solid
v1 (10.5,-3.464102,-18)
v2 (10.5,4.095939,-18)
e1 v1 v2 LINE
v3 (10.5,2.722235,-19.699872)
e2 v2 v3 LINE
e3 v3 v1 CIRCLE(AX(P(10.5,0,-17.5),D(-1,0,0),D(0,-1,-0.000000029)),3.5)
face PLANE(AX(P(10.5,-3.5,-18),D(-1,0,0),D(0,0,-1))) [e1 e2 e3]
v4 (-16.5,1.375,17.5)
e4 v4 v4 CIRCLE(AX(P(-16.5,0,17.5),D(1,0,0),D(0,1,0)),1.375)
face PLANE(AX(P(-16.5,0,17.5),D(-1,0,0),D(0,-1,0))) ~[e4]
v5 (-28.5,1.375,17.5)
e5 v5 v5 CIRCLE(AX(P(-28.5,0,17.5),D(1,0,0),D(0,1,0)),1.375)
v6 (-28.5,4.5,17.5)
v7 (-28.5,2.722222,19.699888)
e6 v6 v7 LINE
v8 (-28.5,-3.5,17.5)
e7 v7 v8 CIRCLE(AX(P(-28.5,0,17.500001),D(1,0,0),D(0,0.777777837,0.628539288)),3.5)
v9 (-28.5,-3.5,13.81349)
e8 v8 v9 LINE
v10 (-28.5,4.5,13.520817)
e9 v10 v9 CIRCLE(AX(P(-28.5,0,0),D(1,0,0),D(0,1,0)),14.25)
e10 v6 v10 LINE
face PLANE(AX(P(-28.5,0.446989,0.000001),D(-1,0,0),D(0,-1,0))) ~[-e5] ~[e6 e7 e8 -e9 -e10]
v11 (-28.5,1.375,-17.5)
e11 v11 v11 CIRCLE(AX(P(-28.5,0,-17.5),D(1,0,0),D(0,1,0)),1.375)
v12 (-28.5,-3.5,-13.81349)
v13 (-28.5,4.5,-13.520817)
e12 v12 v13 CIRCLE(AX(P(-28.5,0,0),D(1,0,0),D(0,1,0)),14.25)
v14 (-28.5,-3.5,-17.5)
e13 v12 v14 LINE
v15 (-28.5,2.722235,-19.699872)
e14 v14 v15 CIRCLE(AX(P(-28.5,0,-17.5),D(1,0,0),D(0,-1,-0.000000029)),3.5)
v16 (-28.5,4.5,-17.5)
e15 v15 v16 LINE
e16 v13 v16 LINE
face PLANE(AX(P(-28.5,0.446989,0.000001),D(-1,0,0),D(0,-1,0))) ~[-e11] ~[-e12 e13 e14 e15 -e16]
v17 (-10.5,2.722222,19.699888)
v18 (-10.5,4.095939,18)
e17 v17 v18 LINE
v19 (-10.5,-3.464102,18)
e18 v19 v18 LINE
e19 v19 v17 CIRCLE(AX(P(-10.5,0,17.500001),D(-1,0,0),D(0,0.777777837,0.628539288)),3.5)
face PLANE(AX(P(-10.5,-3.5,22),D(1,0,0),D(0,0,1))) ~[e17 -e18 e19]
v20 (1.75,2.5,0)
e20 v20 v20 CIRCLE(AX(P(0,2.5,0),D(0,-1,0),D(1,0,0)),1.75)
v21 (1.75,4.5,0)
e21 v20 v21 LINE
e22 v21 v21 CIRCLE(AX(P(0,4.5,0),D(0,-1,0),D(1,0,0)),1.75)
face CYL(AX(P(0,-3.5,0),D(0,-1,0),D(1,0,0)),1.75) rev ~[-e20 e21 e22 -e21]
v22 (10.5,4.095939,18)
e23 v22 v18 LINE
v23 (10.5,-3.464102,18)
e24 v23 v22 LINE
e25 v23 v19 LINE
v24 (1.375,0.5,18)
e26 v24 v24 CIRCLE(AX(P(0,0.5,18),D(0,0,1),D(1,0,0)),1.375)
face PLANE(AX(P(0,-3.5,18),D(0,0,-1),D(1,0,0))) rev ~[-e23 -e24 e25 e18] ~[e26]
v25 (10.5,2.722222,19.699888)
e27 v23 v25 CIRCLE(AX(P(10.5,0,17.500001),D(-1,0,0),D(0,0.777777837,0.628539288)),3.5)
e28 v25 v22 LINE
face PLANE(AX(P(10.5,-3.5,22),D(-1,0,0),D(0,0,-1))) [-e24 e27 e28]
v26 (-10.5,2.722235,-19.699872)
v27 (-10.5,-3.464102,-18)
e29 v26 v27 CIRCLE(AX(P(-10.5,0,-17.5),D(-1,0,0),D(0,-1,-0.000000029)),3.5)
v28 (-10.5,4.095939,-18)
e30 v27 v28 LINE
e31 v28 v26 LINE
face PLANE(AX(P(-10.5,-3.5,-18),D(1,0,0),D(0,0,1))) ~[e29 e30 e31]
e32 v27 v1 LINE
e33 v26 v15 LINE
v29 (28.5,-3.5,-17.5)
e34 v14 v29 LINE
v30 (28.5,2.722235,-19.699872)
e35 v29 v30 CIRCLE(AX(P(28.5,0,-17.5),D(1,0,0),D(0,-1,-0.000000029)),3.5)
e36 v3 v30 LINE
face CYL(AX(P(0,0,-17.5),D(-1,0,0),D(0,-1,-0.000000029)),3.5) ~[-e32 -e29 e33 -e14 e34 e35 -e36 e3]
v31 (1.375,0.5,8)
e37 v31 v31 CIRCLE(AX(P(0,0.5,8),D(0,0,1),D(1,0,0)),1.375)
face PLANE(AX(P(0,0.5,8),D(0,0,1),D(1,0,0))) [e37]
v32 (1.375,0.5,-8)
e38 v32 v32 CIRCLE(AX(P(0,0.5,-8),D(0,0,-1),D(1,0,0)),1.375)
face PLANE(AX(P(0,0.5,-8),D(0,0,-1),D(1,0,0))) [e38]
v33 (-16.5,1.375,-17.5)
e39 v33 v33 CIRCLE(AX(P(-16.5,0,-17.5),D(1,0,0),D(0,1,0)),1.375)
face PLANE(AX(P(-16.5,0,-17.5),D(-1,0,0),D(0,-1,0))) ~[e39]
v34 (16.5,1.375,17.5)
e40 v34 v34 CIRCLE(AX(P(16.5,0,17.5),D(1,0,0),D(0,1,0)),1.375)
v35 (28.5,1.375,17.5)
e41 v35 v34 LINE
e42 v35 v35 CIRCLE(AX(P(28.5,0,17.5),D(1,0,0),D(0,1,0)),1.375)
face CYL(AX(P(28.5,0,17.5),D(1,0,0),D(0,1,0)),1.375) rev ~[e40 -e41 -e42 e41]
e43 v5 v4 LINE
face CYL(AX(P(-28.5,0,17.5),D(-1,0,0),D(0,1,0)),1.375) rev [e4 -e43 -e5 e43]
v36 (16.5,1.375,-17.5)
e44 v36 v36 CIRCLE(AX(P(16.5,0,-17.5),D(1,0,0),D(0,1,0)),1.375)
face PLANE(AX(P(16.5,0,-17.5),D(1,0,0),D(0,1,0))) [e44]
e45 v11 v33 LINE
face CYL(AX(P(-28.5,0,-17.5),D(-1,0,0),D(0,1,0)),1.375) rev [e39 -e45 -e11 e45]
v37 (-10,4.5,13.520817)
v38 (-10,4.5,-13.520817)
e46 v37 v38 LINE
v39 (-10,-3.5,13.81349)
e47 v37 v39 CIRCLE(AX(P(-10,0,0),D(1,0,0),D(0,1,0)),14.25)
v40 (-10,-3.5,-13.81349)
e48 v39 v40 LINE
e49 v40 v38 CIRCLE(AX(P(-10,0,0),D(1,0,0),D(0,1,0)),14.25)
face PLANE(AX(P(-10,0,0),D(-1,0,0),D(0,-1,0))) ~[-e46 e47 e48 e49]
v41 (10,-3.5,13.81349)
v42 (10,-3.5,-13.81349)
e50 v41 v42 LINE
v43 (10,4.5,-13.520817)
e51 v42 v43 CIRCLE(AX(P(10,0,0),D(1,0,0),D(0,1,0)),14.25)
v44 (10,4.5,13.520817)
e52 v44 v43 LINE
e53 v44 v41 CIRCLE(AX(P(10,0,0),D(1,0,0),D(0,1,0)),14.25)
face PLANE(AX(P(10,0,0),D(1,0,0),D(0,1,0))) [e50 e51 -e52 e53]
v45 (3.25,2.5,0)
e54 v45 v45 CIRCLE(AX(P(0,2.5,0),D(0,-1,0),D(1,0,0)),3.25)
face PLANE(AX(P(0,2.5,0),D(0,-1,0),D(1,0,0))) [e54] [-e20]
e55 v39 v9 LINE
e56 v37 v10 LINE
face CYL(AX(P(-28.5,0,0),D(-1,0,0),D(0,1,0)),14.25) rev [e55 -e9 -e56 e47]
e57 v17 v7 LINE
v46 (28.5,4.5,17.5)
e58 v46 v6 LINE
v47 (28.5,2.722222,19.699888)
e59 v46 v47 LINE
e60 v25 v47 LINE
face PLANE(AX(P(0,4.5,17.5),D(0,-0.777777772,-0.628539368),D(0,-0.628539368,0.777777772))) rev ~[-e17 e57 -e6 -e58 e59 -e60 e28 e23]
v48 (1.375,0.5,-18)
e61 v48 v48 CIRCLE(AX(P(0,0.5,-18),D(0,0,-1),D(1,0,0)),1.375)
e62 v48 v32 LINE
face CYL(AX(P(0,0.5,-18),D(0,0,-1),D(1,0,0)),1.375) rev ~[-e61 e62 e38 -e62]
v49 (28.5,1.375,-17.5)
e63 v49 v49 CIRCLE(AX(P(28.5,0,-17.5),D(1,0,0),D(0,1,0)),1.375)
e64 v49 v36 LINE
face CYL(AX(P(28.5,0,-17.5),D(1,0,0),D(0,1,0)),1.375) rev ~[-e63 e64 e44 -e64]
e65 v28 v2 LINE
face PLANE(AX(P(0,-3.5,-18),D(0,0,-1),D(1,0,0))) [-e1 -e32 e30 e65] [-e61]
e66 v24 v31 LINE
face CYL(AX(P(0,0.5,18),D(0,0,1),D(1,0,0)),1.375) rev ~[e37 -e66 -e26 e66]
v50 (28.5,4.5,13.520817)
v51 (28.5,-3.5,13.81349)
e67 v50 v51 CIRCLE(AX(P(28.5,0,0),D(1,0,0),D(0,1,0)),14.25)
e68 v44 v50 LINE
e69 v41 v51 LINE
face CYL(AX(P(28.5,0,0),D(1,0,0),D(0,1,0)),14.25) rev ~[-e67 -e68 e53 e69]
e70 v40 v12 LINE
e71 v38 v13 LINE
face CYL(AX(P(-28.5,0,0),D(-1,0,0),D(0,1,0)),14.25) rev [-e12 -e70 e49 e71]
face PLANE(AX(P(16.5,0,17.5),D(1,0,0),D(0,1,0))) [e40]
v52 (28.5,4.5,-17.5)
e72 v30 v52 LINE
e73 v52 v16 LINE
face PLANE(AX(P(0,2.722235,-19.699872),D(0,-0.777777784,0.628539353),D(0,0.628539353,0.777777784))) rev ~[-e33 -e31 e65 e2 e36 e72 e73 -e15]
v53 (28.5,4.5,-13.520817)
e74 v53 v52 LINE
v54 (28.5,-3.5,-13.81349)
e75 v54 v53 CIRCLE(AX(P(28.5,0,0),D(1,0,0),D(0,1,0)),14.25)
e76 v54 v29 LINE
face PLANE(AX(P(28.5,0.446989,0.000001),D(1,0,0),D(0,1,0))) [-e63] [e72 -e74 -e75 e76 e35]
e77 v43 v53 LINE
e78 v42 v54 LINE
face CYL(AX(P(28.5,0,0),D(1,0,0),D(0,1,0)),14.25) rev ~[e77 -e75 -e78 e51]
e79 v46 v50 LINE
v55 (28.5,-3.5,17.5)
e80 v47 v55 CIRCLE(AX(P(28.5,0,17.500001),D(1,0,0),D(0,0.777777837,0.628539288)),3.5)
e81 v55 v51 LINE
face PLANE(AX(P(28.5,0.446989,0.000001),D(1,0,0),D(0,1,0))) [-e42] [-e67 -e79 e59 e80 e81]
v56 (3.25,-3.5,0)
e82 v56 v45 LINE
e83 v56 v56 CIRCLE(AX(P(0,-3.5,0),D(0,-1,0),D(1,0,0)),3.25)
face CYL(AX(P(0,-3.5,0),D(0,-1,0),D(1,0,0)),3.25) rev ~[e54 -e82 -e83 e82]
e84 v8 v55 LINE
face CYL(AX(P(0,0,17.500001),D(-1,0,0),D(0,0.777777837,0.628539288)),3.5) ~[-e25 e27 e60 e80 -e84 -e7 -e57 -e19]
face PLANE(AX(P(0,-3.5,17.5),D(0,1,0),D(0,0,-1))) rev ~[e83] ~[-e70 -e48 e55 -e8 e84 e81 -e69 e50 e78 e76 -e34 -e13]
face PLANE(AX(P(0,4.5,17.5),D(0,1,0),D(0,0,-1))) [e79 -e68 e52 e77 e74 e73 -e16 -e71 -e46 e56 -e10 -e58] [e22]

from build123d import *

# Parameters (mm, degrees)
PAD_DEPTH       = 28.5
SKETCH001_R     = 14.25
POCKET_DEPTH    = 18.5
SKETCH002_R     = 1.375
POCKET001_DEPTH = 12
SKETCH003_W     = 4
SKETCH003_H     = 10.5
POCKET002_DEPTH = 8
SKETCH004_R     = 1.75
POCKET003_DEPTH = 8
SKETCH005_R     = 3.25
POCKET004_DEPTH = 6
SKETCH006_R     = 1.375
POCKET005_DEPTH = 10
SKETCH007_R     = 1.375
POCKET006_DEPTH = 10


with BuildPart() as recess_pocket:
    # Sketch → Pad (new body)
    with BuildSketch(Plane.YZ):
        with BuildLine():
            ThreePointArc((2.722222, 19.699888), (-1.166667, 20.799832), (-3.5, 17.5))
            Line((-3.5, 17.5), (-3.5, -17.5))
            ThreePointArc((-3.5, -17.5), (-1.166657, -20.799835), (2.722235, -19.699872))
            Line((2.722235, -19.699872), (4.5, -17.5))
            Line((4.5, 17.5), (4.5, -17.5))
            Line((4.5, 17.5), (2.722222, 19.699888))
        make_face()
    extrude(amount=PAD_DEPTH)

    # Sketch001 → Pocket (cut)
    with BuildSketch(Plane.YZ.offset(28.5)):
        Circle(SKETCH001_R)
    extrude(amount=-POCKET_DEPTH, mode=Mode.SUBTRACT)

    # Sketch002 → Pocket001 (cut)
    with BuildSketch(Plane.YZ.offset(28.5)):
        with Locations((0, -17.5)):
            Circle(SKETCH002_R)
        with Locations((0, 17.5)):
            Circle(SKETCH002_R)
    extrude(amount=-POCKET001_DEPTH, mode=Mode.SUBTRACT)

    # Sketch003 → Pocket002 (cut)
    with BuildSketch(Plane(origin=(0, -3.5, 0), x_dir=(0, 0, -1), z_dir=(0, -1, 0))):
        with Locations((-20, 5.25)):
            Rectangle(SKETCH003_W, SKETCH003_H)
        with Locations((20, 5.25)):
            Rectangle(SKETCH003_W, SKETCH003_H)
    extrude(amount=-POCKET002_DEPTH, mode=Mode.SUBTRACT)


with BuildPart() as bottom_screw_hole_pocket:
    # Part__Mirroring: instance of recess-pocket
    add(recess_pocket.part.mirror(Plane(origin=(0, 0, 0), x_dir=(0, -1, 0), z_dir=(1, 0, 0))))

    # Fusion: union recess-pocket
    add(recess_pocket.part)

    # Sketch004 → Pocket003 (cut)
    with BuildSketch(Plane.XZ.offset(3.5)):
        Circle(SKETCH004_R)
    extrude(amount=-POCKET003_DEPTH, mode=Mode.SUBTRACT)

    # Sketch005 → Pocket004 (cut)
    with BuildSketch(Plane.XZ.offset(3.5)):
        Circle(SKETCH005_R)
    extrude(amount=-POCKET004_DEPTH, mode=Mode.SUBTRACT)

    # Sketch006 → Pocket005 (cut)
    with BuildSketch(Plane.XY.offset(18)):
        with Locations((0, 0.5)):
            Circle(SKETCH006_R)
    extrude(amount=-POCKET005_DEPTH, mode=Mode.SUBTRACT)

    # Sketch007 → Pocket006 (cut)
    with BuildSketch(Plane(origin=(0, 0, -18), x_dir=(1, 0, 0), z_dir=(0, 0, -1))):
        with Locations((0, -0.5)):
            Circle(SKETCH007_R)
    extrude(amount=-POCKET006_DEPTH, mode=Mode.SUBTRACT)


solid = bottom_screw_hole_pocket.part
